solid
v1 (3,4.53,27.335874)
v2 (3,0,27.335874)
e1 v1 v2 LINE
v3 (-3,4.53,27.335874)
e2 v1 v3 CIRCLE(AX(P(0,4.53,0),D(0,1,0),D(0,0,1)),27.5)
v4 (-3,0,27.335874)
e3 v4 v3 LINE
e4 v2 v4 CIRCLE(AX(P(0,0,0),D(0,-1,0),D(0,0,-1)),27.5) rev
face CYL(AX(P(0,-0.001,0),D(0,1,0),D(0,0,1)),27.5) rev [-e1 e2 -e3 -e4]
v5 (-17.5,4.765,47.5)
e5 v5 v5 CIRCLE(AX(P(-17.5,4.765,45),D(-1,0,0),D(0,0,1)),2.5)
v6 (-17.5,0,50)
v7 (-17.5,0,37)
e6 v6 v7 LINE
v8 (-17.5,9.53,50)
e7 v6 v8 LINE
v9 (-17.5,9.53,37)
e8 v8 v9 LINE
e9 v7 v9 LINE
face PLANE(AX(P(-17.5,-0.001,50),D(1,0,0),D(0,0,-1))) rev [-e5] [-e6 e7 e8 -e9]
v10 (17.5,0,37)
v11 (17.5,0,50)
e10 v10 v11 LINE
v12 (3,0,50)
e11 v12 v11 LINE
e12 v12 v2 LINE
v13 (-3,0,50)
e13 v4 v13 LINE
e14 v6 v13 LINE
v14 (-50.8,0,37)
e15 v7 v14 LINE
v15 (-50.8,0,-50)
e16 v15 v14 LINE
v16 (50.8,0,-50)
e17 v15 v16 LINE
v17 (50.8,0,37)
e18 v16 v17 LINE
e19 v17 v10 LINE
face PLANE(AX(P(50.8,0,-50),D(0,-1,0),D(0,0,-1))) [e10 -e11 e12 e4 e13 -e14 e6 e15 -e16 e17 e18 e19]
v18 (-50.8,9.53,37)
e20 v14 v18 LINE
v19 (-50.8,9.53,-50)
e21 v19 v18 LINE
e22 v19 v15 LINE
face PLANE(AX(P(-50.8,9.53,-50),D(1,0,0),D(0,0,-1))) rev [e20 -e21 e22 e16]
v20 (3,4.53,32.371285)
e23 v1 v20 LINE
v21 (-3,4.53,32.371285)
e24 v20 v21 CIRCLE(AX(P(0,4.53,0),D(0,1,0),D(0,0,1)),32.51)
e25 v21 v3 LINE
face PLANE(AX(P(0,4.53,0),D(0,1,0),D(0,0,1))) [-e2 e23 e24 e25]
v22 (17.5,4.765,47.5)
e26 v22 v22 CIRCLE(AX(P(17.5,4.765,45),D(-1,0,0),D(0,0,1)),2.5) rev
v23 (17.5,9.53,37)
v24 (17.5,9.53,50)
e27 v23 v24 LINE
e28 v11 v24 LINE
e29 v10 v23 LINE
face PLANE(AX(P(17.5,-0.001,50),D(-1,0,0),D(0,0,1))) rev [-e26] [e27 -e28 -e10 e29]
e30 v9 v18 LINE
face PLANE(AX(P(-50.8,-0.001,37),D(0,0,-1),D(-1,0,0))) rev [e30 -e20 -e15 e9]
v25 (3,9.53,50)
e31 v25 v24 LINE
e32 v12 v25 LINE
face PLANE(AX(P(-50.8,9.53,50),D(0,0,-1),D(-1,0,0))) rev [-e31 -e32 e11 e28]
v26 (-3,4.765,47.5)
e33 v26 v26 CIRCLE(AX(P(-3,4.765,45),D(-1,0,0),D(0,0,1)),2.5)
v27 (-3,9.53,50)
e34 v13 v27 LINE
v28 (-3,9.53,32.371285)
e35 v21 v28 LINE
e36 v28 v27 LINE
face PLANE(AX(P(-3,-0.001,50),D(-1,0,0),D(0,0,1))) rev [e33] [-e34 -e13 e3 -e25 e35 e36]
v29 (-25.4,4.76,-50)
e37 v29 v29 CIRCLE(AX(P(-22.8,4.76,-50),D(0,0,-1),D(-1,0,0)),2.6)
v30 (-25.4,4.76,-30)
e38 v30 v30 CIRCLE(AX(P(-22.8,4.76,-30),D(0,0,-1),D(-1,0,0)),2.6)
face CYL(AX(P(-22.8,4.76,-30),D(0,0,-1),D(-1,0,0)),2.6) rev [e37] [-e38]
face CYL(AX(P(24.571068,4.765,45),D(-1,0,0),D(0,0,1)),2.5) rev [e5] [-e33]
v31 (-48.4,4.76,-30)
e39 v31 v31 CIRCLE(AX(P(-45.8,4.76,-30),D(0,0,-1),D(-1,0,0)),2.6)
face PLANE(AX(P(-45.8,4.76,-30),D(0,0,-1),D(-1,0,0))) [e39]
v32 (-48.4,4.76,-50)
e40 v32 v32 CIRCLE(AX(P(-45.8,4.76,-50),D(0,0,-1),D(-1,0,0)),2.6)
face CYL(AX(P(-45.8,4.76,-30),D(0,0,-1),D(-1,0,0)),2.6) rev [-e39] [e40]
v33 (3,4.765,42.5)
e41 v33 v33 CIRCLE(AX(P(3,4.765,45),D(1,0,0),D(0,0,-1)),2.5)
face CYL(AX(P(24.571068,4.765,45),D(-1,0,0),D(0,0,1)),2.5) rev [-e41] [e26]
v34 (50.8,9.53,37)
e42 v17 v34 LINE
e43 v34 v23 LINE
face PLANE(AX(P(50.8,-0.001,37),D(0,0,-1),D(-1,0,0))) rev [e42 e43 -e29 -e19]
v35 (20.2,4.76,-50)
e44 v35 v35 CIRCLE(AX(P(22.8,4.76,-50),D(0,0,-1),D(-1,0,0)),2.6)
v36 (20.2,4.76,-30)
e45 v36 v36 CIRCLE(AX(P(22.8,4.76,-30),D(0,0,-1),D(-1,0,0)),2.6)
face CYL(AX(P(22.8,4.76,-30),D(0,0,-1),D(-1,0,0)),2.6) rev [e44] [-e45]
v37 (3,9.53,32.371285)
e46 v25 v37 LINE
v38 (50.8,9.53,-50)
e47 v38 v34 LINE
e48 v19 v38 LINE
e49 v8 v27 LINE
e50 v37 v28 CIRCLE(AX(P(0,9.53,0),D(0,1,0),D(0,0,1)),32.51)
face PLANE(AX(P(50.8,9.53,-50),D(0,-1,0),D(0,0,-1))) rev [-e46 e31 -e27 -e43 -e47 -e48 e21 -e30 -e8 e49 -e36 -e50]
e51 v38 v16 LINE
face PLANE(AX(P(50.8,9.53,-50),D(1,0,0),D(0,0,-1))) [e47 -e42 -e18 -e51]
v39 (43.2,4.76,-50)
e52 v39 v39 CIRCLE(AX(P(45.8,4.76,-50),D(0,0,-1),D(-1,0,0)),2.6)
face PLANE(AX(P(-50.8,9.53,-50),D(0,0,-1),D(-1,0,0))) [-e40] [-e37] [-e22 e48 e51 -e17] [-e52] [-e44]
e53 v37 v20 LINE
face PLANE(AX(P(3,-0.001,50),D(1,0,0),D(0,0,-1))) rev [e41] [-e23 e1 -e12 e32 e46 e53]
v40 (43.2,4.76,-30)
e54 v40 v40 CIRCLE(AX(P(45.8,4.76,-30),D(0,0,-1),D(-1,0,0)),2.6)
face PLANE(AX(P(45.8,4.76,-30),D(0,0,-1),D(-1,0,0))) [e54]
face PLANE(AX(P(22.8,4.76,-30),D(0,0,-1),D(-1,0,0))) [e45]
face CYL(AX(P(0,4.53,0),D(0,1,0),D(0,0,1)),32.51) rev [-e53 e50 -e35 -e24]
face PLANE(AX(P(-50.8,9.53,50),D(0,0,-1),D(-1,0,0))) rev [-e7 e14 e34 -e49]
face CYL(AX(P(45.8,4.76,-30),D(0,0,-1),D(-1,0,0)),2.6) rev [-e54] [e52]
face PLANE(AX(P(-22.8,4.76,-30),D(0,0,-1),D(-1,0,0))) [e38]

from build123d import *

# Parameters (mm, degrees)
ESBO_O1_W                = 101.6
ESBO_O1_H                = 100
RESSALTO_EXTRUS_O1_DEPTH = 9.53
ESBO_O2_R                = 2.6
CORTE_EXTRUS_O1_DEPTH    = 20
ESBO_O3_R                = 32.51
CORTE_EXTRUS_O2_DEPTH    = 5
CORTE_EXTRUS_O3_REACH    = 73.454
ESBO_O4_R                = 27.5
CORTE_EXTRUS_O4_REACH    = 73.913
ESBO_O5_W                = 33.3
ESBO_O5_H                = 13
CORTE_EXTRUS_O5_REACH    = 73.913
ESBO_O6_W                = 6
ESBO_O6_H                = 29.667415493
CORTE_EXTRUS_O6_REACH    = 87.18
ESBO_O7_R                = 2.5


with BuildPart() as part:
    # Esboço1 → Ressalto-extrusão1 (new body)
    with BuildSketch(Plane(origin=(0, 0, 0), x_dir=(1, 0, 0), z_dir=(0, 1, 0))):
        Rectangle(ESBO_O1_W, ESBO_O1_H)
    extrude(amount=RESSALTO_EXTRUS_O1_DEPTH)

    # Esboço2 → Corte-extrusão1 (cut)
    with BuildSketch(Plane(origin=(0, 0, -50), x_dir=(-1, 0, 0), z_dir=(0, 0, -1))):
        with Locations((-45.8, 4.76)):
            Circle(ESBO_O2_R)
        with Locations((-22.8, 4.76)):
            Circle(ESBO_O2_R)
        with Locations((22.8, 4.76)):
            Circle(ESBO_O2_R)
        with Locations((45.8, 4.76)):
            Circle(ESBO_O2_R)
    extrude(amount=-CORTE_EXTRUS_O1_DEPTH, mode=Mode.SUBTRACT)

    # Esboço3 → Corte-extrusão2 (cut)
    with BuildSketch(Plane(origin=(0, 9.53, 0), x_dir=(1, 0, 0), z_dir=(0, 1, 0))):
        with Locations(Location((0, 0, 0), (0, 0, 270))):
            Circle(ESBO_O3_R)
    extrude(amount=-CORTE_EXTRUS_O2_DEPTH, mode=Mode.SUBTRACT)

    # Esboço4 → Corte-extrusão3 (cut, up to next)
    with BuildSketch(Plane(origin=(0, 4.53, 0), x_dir=(1, 0, 0), z_dir=(0, 1, 0)), mode=Mode.PRIVATE) as corte_extrus_o3_sk1:
        with Locations(Location((0, 0, 0), (0, 0, 270))):
            Circle(ESBO_O4_R)
    corte_extrus_o3_tool1 = extrude(corte_extrus_o3_sk1.sketch, amount=-CORTE_EXTRUS_O3_REACH, mode=Mode.PRIVATE) & part.part
    add(corte_extrus_o3_tool1.solids().sort_by_distance((0, 4.53, 0))[0], mode=Mode.SUBTRACT)

    # Esboço5 → Corte-extrusão4 (cut, up to next)
    with BuildSketch(Plane(origin=(0, 9.53, 0), x_dir=(1, 0, 0), z_dir=(0, 1, 0)), mode=Mode.PRIVATE) as corte_extrus_o4_sk1:
        with Locations((34.15, -43.5)):
            Rectangle(ESBO_O5_W, ESBO_O5_H)
    corte_extrus_o4_tool1 = extrude(corte_extrus_o4_sk1.sketch, amount=-CORTE_EXTRUS_O4_REACH, mode=Mode.PRIVATE) & part.part
    # Esboço5 → Corte-extrusão4 (cut, up to next)
    with BuildSketch(Plane(origin=(0, 9.53, 0), x_dir=(1, 0, 0), z_dir=(0, 1, 0)), mode=Mode.PRIVATE) as corte_extrus_o4_sk2:
        with Locations((-34.15, -43.5)):
            Rectangle(ESBO_O5_W, ESBO_O5_H)
    corte_extrus_o4_tool2 = extrude(corte_extrus_o4_sk2.sketch, amount=-CORTE_EXTRUS_O4_REACH, mode=Mode.PRIVATE) & part.part
    add(corte_extrus_o4_tool1.solids().sort_by_distance((34.15, 9.53, 43.5))[0], mode=Mode.SUBTRACT)
    add(corte_extrus_o4_tool2.solids().sort_by_distance((-34.15, 9.53, 43.5))[0], mode=Mode.SUBTRACT)

    # Esboço6 → Corte-extrusão5 (cut, up to next)
    with BuildSketch(Plane(origin=(0, 9.53, 0), x_dir=(1, 0, 0), z_dir=(0, 1, 0)), mode=Mode.PRIVATE) as corte_extrus_o5_sk1:
        with Locations((0, -35.166292254)):
            Rectangle(ESBO_O6_W, ESBO_O6_H)
    corte_extrus_o5_tool1 = extrude(corte_extrus_o5_sk1.sketch, amount=-CORTE_EXTRUS_O5_REACH, mode=Mode.PRIVATE) & part.part
    add(corte_extrus_o5_tool1.solids().sort_by_distance((0, 9.53, 35.166292))[0], mode=Mode.SUBTRACT)

    # Corte-extrusão6: up to this face of the body (flat: up to its plane)
    corte_extrus_o6_end = Plane(part.part.faces().sort_by_distance((17.5, 4.765, 43.5))[0])
    # Esboço7 → Corte-extrusão6 (cut, up to the picked face)
    with BuildSketch(Plane.ZY.offset(17.5), mode=Mode.PRIVATE) as corte_extrus_o6_sk1:
        with Locations((45, 4.765)):
            Circle(ESBO_O7_R)
    corte_extrus_o6_tool1 = split(extrude(corte_extrus_o6_sk1.sketch, amount=-CORTE_EXTRUS_O6_REACH, mode=Mode.PRIVATE), bisect_by=corte_extrus_o6_end, keep=Keep.BOTH, mode=Mode.PRIVATE)
    add(corte_extrus_o6_tool1.solids().sort_by(Axis((-17.5, 4.765, 45), (1, 0, 0)))[0], mode=Mode.SUBTRACT)


solid = part.part
